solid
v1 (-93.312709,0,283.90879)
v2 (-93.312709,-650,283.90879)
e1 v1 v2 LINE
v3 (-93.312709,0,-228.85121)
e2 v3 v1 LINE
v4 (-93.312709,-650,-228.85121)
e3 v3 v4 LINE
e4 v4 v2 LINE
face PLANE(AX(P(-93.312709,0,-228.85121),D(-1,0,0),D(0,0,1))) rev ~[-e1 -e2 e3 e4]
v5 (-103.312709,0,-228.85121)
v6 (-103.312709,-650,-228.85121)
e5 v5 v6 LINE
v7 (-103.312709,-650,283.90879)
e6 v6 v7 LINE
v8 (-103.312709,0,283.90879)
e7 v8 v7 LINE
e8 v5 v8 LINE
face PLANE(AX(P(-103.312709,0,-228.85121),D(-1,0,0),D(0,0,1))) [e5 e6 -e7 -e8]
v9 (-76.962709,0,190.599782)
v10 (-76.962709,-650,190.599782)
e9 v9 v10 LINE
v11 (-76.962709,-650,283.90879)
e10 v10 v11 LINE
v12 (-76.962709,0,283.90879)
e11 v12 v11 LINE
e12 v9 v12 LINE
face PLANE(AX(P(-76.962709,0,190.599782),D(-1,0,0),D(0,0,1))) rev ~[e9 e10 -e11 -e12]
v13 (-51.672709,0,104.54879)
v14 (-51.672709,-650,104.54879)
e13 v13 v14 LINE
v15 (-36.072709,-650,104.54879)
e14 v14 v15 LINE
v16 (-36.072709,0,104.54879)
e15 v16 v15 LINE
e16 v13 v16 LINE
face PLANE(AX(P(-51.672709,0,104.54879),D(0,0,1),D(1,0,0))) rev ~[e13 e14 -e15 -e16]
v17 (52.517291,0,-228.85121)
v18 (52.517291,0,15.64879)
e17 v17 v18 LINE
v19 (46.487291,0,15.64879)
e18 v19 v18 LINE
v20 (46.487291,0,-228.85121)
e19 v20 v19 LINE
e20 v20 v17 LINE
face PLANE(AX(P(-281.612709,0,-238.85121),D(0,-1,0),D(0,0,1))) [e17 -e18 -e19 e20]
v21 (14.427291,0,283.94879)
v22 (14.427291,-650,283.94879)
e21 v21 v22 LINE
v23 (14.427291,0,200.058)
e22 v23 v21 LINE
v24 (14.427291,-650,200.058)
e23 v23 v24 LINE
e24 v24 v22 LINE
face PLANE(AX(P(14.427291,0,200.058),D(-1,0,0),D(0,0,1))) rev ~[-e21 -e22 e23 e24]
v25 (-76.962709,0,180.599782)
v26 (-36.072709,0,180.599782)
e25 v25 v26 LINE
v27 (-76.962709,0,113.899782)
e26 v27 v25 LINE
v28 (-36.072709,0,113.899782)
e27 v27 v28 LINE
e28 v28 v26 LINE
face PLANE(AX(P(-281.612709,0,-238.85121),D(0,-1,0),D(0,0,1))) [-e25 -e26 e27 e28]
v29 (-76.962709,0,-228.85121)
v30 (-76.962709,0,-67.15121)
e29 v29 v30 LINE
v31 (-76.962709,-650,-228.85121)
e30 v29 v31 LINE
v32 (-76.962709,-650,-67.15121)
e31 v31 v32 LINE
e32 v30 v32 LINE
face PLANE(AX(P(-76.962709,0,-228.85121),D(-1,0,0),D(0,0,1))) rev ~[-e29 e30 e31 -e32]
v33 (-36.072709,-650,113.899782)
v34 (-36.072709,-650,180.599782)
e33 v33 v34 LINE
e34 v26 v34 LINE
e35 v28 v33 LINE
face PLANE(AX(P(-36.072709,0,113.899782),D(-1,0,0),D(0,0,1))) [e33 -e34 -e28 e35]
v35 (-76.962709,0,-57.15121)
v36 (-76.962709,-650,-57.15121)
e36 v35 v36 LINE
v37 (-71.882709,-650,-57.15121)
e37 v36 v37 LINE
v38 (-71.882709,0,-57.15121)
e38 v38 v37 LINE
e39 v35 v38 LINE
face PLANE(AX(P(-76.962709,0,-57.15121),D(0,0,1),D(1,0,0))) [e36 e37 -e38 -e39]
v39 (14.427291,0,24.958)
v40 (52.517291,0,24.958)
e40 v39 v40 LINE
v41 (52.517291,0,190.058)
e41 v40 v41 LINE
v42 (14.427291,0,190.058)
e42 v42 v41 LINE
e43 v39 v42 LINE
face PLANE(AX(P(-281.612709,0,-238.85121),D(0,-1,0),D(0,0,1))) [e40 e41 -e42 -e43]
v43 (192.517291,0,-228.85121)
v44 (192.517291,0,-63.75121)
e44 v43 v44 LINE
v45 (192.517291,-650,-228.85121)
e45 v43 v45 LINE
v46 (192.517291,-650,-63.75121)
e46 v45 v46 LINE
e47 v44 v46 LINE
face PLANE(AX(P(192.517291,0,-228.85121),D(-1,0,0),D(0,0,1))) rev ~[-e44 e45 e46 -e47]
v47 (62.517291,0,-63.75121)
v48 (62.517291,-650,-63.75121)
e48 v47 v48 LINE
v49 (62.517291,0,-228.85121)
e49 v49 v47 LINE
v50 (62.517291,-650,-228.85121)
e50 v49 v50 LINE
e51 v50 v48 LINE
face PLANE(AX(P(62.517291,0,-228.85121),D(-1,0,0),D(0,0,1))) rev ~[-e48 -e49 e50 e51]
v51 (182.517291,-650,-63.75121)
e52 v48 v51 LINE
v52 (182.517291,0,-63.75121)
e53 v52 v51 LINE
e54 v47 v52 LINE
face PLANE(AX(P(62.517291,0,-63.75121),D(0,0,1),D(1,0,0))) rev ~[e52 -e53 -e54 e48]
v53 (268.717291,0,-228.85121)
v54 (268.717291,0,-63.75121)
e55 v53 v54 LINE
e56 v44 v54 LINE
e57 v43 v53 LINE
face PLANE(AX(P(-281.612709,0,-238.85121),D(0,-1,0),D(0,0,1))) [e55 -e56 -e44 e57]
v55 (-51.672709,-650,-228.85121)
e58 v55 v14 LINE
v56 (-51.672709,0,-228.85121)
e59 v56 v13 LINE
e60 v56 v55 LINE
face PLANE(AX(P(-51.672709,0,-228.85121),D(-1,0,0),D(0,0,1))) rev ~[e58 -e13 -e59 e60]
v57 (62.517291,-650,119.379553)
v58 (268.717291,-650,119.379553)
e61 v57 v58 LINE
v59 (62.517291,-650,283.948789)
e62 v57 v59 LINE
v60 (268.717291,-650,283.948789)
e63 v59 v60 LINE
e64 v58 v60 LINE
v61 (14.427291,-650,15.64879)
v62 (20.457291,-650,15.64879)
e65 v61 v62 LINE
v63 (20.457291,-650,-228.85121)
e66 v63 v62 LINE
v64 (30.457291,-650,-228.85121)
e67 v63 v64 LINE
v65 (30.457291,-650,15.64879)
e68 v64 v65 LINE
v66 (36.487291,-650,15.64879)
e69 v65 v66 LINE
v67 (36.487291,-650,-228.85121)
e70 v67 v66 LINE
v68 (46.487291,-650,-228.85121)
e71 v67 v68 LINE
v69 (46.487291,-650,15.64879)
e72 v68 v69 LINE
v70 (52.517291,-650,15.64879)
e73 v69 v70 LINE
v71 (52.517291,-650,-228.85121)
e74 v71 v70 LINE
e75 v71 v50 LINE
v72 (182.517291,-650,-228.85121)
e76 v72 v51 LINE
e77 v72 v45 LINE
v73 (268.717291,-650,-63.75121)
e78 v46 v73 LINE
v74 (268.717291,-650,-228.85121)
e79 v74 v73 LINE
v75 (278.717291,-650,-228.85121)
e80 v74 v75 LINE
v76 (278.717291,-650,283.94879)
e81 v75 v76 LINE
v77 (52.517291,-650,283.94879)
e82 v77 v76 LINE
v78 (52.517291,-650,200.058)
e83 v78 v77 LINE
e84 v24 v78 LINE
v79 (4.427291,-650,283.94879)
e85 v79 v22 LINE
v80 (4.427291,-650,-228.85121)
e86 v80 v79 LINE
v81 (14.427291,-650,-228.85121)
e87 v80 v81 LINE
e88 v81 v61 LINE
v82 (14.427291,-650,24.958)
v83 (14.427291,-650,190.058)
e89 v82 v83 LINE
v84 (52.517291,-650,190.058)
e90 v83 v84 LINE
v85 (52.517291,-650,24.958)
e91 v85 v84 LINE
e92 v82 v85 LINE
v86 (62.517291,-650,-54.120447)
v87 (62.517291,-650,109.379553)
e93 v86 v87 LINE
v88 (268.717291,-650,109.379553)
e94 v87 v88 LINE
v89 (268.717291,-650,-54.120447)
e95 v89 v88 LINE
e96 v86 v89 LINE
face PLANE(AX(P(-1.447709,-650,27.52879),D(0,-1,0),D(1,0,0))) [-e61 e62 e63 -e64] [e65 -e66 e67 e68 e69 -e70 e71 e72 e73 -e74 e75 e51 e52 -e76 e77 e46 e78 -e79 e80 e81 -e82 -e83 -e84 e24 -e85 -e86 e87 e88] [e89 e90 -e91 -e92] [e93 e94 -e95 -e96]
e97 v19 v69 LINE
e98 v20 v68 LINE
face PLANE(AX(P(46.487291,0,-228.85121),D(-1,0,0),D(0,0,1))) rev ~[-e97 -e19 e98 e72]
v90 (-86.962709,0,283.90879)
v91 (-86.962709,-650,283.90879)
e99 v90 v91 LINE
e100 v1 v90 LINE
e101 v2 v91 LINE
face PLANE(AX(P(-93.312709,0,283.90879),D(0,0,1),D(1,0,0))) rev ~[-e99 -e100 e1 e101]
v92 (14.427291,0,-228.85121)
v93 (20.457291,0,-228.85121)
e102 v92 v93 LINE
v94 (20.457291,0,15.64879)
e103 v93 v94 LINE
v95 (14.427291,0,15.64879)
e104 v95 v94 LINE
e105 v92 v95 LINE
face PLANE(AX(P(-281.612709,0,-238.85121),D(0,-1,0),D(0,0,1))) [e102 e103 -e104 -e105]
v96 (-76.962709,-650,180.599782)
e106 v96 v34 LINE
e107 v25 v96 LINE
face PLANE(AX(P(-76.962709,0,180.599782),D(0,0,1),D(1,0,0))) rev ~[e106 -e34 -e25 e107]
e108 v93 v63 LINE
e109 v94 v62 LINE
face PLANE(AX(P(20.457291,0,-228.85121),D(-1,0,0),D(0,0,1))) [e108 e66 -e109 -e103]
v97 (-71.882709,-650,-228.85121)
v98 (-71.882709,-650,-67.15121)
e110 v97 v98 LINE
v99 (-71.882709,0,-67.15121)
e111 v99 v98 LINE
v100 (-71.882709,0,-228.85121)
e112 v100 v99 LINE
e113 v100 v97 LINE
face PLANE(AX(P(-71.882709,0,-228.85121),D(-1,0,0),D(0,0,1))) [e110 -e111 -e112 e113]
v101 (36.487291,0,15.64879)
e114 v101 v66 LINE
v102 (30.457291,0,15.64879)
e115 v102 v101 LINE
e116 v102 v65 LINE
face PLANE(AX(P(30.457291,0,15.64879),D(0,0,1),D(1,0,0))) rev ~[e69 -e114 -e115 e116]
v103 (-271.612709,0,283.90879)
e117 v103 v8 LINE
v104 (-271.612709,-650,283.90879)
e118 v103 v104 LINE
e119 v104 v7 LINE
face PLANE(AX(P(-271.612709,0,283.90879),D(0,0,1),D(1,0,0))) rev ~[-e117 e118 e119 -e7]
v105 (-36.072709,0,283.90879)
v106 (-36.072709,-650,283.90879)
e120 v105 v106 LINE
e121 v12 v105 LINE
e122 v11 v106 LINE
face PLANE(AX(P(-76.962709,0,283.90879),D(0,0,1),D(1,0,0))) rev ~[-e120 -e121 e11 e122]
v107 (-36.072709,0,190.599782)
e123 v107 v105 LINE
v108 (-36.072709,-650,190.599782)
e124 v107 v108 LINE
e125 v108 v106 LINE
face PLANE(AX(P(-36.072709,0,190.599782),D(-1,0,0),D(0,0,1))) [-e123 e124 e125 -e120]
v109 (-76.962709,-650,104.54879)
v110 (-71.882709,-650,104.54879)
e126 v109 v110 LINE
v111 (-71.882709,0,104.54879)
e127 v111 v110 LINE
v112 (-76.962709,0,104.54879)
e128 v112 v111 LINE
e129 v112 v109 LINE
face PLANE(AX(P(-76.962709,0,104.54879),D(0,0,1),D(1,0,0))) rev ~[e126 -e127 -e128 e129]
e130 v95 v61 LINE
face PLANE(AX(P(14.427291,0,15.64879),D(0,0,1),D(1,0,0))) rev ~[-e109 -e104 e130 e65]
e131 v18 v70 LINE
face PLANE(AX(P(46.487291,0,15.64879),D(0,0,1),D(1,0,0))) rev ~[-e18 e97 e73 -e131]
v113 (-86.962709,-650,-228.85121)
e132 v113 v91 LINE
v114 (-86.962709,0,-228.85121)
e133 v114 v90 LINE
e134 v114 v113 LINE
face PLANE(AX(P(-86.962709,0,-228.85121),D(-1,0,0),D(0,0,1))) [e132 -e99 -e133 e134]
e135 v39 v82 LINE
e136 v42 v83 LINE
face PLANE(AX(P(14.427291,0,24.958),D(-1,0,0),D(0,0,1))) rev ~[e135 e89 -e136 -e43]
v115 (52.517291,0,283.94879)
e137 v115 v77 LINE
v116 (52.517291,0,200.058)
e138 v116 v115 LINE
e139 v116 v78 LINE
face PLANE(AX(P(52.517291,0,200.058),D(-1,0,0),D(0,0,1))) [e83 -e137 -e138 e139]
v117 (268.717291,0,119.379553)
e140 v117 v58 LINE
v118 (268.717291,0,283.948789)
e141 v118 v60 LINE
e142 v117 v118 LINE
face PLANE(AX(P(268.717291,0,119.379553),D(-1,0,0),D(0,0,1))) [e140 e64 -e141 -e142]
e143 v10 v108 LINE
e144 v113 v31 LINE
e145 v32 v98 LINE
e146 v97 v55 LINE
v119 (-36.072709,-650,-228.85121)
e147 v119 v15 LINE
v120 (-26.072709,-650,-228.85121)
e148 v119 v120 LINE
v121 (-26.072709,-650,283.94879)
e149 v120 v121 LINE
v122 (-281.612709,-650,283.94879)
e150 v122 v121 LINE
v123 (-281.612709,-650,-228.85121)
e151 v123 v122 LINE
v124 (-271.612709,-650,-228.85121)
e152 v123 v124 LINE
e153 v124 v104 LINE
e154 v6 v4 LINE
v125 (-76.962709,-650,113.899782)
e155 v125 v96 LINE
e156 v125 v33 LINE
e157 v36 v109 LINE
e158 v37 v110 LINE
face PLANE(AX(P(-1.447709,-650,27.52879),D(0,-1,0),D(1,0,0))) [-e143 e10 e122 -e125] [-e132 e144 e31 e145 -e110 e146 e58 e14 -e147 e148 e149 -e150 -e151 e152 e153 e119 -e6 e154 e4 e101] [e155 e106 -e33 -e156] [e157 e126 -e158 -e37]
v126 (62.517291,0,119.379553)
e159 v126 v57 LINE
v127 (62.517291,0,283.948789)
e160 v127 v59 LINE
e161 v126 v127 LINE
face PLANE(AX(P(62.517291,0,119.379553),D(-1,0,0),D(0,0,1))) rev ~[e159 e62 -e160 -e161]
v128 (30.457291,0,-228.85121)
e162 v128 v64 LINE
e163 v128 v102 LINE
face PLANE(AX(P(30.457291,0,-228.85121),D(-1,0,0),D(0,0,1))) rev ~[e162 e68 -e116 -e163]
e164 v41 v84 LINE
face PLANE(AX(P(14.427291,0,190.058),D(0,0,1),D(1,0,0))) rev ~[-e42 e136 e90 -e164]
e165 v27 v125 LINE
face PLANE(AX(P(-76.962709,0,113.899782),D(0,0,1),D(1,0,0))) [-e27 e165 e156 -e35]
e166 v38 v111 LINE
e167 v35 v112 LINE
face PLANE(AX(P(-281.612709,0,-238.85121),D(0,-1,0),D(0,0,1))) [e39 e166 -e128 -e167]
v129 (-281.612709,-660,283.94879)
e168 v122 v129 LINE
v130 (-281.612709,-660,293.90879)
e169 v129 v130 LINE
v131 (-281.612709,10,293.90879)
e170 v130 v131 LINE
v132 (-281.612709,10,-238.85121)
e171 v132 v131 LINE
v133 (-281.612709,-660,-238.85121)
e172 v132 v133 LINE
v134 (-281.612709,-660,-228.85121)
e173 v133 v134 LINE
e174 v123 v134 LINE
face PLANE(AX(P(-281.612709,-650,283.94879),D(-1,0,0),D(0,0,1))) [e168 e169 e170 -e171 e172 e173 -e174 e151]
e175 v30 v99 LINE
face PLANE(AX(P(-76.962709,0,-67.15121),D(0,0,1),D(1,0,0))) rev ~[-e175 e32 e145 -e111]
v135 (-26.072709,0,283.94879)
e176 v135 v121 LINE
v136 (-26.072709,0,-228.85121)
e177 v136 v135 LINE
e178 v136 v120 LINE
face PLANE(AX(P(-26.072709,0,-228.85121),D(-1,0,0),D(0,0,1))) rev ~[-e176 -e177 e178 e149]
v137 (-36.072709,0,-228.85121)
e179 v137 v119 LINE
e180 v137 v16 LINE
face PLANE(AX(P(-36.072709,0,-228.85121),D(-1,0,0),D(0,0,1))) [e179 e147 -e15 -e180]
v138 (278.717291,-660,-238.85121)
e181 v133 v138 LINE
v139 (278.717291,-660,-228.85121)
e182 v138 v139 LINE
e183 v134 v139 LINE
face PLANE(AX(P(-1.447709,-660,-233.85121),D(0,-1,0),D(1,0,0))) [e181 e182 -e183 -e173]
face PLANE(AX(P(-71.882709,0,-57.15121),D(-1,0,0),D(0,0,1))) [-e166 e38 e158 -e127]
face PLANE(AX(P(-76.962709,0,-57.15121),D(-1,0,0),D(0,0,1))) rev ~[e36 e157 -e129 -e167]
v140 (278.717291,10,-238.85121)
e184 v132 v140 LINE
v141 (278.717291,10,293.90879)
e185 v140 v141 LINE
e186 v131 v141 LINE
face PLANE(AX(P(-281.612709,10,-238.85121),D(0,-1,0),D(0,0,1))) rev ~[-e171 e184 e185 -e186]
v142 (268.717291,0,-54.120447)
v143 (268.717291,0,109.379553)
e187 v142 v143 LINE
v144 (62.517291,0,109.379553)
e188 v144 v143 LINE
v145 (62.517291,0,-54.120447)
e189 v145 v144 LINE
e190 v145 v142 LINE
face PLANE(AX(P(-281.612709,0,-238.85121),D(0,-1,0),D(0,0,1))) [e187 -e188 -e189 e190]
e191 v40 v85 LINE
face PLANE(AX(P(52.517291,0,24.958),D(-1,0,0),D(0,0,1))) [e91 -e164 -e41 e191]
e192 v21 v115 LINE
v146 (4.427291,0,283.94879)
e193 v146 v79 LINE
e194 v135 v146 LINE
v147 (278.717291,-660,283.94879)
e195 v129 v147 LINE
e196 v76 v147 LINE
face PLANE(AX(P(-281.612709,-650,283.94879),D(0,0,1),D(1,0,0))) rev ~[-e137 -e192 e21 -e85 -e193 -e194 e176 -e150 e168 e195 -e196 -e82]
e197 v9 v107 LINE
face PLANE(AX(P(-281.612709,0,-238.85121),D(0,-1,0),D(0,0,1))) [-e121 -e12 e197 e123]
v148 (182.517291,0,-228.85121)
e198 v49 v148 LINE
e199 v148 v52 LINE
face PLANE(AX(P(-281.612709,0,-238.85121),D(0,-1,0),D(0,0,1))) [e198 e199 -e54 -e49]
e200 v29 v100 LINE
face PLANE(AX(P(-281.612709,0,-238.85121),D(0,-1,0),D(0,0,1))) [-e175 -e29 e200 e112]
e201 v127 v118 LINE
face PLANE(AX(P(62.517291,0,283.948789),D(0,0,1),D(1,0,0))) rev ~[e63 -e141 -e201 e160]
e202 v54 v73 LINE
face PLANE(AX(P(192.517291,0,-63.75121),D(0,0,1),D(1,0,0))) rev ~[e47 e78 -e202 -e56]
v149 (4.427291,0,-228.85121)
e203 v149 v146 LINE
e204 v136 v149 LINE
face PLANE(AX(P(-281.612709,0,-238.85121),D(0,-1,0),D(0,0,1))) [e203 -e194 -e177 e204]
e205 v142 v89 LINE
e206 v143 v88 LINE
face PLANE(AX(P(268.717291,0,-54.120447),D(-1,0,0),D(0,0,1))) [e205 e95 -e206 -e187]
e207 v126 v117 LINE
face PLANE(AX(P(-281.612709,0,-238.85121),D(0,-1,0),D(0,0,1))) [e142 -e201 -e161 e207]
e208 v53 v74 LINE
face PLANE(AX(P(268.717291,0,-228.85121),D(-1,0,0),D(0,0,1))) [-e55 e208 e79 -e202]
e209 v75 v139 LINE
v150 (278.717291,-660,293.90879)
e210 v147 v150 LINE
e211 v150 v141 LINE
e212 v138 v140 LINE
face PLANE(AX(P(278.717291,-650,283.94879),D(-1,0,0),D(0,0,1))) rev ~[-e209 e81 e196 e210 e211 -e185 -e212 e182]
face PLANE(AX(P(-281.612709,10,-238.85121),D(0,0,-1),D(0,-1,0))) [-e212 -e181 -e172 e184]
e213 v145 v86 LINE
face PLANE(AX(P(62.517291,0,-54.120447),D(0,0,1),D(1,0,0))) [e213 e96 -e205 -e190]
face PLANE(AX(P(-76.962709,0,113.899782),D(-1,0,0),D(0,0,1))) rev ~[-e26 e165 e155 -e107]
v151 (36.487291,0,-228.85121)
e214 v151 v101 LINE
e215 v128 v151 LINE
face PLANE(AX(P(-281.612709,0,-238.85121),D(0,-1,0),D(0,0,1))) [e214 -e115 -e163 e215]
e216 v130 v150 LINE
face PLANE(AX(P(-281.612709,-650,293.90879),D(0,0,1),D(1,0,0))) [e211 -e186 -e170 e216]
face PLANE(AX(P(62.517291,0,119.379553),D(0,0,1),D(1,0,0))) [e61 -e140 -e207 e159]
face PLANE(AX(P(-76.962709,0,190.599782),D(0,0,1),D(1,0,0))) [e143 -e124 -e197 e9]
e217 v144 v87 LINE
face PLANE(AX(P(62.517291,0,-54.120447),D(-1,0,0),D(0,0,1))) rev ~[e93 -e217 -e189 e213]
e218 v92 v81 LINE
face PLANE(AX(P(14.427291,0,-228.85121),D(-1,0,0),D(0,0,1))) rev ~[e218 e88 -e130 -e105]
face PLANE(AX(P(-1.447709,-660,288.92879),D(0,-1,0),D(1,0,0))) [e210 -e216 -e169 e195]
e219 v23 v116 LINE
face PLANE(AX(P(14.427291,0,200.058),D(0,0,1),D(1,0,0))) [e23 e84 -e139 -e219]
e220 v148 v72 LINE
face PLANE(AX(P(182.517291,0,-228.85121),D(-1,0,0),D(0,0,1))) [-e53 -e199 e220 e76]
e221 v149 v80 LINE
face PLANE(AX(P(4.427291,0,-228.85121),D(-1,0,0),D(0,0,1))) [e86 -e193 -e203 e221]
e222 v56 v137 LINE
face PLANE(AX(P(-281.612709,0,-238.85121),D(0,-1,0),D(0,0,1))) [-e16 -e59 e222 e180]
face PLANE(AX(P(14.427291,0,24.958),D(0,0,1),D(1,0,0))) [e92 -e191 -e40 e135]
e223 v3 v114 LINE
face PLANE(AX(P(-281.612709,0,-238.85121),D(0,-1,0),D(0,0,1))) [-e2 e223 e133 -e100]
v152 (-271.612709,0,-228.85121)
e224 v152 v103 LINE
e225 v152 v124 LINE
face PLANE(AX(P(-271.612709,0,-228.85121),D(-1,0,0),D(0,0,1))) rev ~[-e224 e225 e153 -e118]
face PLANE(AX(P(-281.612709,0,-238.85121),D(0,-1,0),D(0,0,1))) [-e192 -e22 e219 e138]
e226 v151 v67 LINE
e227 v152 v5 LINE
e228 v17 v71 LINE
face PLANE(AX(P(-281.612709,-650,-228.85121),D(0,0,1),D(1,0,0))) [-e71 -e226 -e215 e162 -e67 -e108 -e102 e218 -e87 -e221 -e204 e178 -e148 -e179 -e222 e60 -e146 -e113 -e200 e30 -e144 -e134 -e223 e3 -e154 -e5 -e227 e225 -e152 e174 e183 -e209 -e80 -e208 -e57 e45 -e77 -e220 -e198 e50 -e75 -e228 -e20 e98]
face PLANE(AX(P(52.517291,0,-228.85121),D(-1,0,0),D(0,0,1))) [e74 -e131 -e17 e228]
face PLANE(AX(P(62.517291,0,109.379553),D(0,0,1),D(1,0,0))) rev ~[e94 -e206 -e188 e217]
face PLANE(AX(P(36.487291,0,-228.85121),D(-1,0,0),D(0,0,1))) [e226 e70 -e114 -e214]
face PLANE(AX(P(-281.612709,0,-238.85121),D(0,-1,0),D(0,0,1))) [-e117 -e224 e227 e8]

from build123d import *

# Parameters (mm, degrees)
F0_W     = 560.33
F0_H     = 532.76
F0_W_2   = 5.08
F0_H_2   = 161.7
F0_W_3   = 15.6
F0_H_3   = 333.4
F0_W_4   = 6.03
F0_H_4   = 244.5
F0_W_5   = 120
F0_H_5   = 165.1
F0_W_6   = 76.2
F0_W_7   = 168.3
F0_H_6   = 512.76
F0_W_8   = 6.35
F0_W_9   = 30.5
F0_H_7   = 512.8
F0_W_10  = 40.89
F0_H_8   = 66.7
F0_H_9   = 93.309008
F0_W_11  = 38.09
F0_W_12  = 206.2
F0_H_10  = 163.5
F0_H_11  = 83.89079
F0_H_12  = 164.569237
F1_DEPTH = 650
F2_W     = 10
F2_H     = 532.76
F3_DEPTH = 560.33
F4_W     = 560.33
F4_H     = 9.96
F4_H_2   = 10
F5_DEPTH = 10


with BuildPart() as f1:
    # F0 (on Front) → F1 (new body)
    with BuildSketch(Plane.XZ):
        with Locations((-1.447709, 27.52879)):
            Rectangle(F0_W, F0_H)
        with Locations((-74.422709, -148.00121)):
            Rectangle(F0_W_2, F0_H_2, mode=Mode.SUBTRACT)
        with Locations((-43.872709, -62.15121)):
            Rectangle(F0_W_3, F0_H_3, mode=Mode.SUBTRACT)
        with Locations((-74.422709, 23.69879)):
            Rectangle(F0_W_2, F0_H_2, mode=Mode.SUBTRACT)
        with Locations((17.442291, -106.60121)):
            Rectangle(F0_W_4, F0_H_4, mode=Mode.SUBTRACT)
        with Locations((33.472291, -106.60121)):
            Rectangle(F0_W_4, F0_H_4, mode=Mode.SUBTRACT)
        with Locations((49.502291, -106.60121)):
            Rectangle(F0_W_4, F0_H_4, mode=Mode.SUBTRACT)
        with Locations((122.517291, -146.30121)):
            Rectangle(F0_W_5, F0_H_5, mode=Mode.SUBTRACT)
        with Locations((230.617291, -146.30121)):
            Rectangle(F0_W_6, F0_H_5, mode=Mode.SUBTRACT)
        with Locations((-187.462709, 27.52879)):
            Rectangle(F0_W_7, F0_H_6, mode=Mode.SUBTRACT)
        with Locations((-90.137709, 27.52879)):
            Rectangle(F0_W_8, F0_H_6, mode=Mode.SUBTRACT)
        with Locations((-10.822709, 27.54879)):
            Rectangle(F0_W_9, F0_H_7, mode=Mode.SUBTRACT)
        with Locations((-56.517709, 147.249782)):
            Rectangle(F0_W_10, F0_H_8, mode=Mode.SUBTRACT)
        with Locations((-56.517709, 237.254286)):
            Rectangle(F0_W_10, F0_H_9, mode=Mode.SUBTRACT)
        with Locations((33.472291, 107.508)):
            Rectangle(F0_W_11, F0_H_5, mode=Mode.SUBTRACT)
        with Locations((165.617291, 27.629553)):
            Rectangle(F0_W_12, F0_H_10, mode=Mode.SUBTRACT)
        with Locations((33.472291, 242.003395)):
            Rectangle(F0_W_11, F0_H_11, mode=Mode.SUBTRACT)
        with Locations((165.617291, 201.664171)):
            Rectangle(F0_W_12, F0_H_12, mode=Mode.SUBTRACT)
    extrude(amount=F1_DEPTH)

    # F2 (on face) → F3 (join, through all)
    with BuildSketch(Plane(origin=(-281.612709, 0, 0), x_dir=(0, -1, 0), z_dir=(-1, 0, 0))):
        with Locations((-5, 27.52879)):
            Rectangle(F2_W, F2_H)
    extrude(amount=-F3_DEPTH)

    # F4 (on face) → F5 (join)
    with BuildSketch(Plane.XZ.offset(650)):
        with Locations((-1.447709, 288.92879)):
            Rectangle(F4_W, F4_H)
        with Locations((-1.447709, -233.85121)):
            Rectangle(F4_W, F4_H_2)
    extrude(amount=F5_DEPTH)


solid = f1.part
